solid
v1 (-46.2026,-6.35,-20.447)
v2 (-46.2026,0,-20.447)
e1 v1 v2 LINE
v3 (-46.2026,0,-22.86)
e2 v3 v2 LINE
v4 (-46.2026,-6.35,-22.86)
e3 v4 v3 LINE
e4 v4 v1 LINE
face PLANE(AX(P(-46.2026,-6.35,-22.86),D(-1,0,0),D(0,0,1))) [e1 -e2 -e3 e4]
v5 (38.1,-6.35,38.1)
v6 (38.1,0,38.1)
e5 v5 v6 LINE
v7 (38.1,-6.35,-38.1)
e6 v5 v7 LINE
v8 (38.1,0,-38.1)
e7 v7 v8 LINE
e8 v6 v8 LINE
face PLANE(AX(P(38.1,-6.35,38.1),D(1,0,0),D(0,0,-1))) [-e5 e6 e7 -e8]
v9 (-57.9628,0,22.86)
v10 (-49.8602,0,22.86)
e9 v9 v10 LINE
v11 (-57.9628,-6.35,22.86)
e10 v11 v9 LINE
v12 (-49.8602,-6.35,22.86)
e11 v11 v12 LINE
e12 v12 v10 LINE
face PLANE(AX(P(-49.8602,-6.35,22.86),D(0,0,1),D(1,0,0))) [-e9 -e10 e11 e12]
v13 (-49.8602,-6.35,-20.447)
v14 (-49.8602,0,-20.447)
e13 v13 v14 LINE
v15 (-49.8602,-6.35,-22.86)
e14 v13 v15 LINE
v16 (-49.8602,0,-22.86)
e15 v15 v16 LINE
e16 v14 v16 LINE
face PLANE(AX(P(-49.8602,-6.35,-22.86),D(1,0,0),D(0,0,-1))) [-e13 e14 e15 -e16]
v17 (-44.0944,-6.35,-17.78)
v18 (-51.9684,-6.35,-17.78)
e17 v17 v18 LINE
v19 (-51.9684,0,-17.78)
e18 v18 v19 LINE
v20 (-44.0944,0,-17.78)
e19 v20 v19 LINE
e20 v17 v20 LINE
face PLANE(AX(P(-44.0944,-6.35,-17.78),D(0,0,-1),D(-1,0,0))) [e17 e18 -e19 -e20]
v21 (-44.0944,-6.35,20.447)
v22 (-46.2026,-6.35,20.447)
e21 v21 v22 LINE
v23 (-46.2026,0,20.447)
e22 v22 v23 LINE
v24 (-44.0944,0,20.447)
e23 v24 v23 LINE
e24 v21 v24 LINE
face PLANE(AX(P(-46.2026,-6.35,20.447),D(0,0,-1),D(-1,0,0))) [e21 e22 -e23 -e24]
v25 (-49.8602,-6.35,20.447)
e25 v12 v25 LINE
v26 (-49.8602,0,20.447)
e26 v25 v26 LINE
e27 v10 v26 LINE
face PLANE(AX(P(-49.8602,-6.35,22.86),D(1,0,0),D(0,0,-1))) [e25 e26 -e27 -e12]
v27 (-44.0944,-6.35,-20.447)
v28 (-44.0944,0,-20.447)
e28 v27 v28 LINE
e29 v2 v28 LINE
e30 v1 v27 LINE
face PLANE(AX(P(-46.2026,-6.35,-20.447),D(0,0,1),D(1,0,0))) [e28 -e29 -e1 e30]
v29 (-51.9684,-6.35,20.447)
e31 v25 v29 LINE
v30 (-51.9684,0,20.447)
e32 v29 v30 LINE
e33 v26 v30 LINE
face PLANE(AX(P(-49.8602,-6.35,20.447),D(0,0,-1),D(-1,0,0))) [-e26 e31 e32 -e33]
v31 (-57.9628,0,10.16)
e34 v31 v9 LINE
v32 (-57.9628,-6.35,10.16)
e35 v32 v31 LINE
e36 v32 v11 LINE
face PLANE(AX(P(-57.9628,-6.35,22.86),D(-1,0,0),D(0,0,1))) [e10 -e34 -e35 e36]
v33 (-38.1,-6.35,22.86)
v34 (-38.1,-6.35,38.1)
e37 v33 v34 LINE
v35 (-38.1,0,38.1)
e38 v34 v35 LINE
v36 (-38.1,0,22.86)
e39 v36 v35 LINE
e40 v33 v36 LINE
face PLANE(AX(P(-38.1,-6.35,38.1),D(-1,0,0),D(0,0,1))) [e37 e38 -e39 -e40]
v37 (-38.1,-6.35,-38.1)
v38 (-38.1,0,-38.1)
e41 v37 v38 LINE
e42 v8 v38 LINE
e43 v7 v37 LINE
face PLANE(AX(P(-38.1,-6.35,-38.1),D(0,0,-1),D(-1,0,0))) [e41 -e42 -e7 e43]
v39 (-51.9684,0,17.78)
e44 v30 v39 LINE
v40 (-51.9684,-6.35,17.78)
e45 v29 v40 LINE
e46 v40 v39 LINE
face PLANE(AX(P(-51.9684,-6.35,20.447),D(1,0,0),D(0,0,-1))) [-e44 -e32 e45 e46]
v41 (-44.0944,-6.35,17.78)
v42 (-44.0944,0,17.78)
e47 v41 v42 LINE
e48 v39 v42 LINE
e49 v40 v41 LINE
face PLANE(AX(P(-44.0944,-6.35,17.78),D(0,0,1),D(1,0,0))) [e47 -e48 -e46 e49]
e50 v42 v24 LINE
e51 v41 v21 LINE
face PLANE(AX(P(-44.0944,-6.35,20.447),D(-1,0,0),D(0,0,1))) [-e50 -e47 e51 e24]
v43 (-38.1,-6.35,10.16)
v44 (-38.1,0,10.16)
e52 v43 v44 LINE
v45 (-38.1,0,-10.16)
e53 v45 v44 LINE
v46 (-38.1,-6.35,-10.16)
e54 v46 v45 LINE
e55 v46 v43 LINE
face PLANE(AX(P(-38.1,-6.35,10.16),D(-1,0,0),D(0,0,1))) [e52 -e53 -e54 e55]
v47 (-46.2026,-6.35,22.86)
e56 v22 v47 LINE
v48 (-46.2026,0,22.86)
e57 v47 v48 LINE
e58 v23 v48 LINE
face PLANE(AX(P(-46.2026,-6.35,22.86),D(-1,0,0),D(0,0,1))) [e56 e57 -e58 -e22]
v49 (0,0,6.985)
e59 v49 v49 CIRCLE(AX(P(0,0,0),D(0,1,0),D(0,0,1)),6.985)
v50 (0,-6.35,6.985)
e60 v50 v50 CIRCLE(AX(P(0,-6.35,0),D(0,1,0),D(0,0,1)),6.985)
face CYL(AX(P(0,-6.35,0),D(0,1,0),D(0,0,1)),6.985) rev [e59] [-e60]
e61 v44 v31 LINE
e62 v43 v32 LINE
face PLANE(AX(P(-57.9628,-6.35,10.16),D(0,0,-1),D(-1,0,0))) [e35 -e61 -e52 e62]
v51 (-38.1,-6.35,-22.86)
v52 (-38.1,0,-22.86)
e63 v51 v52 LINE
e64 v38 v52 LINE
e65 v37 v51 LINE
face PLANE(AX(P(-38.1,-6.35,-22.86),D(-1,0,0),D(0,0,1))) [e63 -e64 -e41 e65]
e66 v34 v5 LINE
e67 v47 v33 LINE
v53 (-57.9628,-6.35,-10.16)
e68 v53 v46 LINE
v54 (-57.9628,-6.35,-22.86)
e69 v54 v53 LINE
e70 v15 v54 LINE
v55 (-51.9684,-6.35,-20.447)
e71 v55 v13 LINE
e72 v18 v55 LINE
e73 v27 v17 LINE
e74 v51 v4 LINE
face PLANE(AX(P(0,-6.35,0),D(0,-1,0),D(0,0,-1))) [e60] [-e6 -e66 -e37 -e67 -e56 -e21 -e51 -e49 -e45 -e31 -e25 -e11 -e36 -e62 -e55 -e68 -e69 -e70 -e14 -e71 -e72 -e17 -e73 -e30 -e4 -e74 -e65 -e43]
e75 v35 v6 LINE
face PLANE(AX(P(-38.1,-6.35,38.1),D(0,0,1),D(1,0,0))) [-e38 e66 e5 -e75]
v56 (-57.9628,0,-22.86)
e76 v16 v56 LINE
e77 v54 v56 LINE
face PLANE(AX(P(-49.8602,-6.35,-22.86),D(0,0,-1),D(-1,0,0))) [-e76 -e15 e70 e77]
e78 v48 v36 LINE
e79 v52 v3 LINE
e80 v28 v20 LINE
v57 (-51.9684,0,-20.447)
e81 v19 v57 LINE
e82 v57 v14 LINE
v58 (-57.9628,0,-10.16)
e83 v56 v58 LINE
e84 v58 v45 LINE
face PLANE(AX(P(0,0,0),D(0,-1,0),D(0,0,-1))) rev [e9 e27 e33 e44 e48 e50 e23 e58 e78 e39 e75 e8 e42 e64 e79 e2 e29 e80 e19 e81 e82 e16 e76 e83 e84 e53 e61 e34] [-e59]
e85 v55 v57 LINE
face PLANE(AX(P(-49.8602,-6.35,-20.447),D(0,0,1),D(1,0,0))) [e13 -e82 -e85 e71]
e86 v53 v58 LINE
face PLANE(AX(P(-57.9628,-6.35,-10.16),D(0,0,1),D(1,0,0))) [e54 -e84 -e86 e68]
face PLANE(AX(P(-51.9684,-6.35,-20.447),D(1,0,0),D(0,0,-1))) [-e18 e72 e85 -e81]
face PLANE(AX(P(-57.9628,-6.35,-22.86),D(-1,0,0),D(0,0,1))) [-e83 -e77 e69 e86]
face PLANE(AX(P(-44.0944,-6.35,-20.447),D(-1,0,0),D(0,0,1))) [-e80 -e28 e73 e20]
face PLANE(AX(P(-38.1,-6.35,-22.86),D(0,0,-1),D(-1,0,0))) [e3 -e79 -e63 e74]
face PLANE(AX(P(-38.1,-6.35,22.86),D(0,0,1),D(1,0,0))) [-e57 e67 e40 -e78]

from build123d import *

# Parameters (mm, degrees)
SKETCH1_R           = 6.985
BOSS_EXTRUDE1_DEPTH = 6.35


with BuildPart() as part:
    # Sketch1 → Boss-Extrude1 (new body)
    with BuildSketch(Plane(origin=(0, 0, 0), x_dir=(1, 0, 0), z_dir=(0, 1, 0))):
        Polygon((-38.1, -38.1), (38.1, -38.1), (38.1, 38.1), (-38.1, 38.1), (-38.1, 22.86), (-46.2026, 22.86), (-46.2026, 20.447), (-44.0944, 20.447), (-44.0944, 17.78), (-51.9684, 17.78), (-51.9684, 20.447), (-49.8602, 20.447), (-49.8602, 22.86), (-57.9628, 22.86), (-57.9628, 10.16), (-38.1, 10.16), (-38.1, -10.16), (-57.9628, -10.16), (-57.9628, -22.86), (-49.8602, -22.86), (-49.8602, -20.447), (-51.9684, -20.447), (-51.9684, -17.78), (-44.0944, -17.78), (-44.0944, -20.447), (-46.2026, -20.447), (-46.2026, -22.86), (-38.1, -22.86), align=None)
        Circle(SKETCH1_R, mode=Mode.SUBTRACT)
    extrude(amount=-BOSS_EXTRUDE1_DEPTH)


solid = part.part
